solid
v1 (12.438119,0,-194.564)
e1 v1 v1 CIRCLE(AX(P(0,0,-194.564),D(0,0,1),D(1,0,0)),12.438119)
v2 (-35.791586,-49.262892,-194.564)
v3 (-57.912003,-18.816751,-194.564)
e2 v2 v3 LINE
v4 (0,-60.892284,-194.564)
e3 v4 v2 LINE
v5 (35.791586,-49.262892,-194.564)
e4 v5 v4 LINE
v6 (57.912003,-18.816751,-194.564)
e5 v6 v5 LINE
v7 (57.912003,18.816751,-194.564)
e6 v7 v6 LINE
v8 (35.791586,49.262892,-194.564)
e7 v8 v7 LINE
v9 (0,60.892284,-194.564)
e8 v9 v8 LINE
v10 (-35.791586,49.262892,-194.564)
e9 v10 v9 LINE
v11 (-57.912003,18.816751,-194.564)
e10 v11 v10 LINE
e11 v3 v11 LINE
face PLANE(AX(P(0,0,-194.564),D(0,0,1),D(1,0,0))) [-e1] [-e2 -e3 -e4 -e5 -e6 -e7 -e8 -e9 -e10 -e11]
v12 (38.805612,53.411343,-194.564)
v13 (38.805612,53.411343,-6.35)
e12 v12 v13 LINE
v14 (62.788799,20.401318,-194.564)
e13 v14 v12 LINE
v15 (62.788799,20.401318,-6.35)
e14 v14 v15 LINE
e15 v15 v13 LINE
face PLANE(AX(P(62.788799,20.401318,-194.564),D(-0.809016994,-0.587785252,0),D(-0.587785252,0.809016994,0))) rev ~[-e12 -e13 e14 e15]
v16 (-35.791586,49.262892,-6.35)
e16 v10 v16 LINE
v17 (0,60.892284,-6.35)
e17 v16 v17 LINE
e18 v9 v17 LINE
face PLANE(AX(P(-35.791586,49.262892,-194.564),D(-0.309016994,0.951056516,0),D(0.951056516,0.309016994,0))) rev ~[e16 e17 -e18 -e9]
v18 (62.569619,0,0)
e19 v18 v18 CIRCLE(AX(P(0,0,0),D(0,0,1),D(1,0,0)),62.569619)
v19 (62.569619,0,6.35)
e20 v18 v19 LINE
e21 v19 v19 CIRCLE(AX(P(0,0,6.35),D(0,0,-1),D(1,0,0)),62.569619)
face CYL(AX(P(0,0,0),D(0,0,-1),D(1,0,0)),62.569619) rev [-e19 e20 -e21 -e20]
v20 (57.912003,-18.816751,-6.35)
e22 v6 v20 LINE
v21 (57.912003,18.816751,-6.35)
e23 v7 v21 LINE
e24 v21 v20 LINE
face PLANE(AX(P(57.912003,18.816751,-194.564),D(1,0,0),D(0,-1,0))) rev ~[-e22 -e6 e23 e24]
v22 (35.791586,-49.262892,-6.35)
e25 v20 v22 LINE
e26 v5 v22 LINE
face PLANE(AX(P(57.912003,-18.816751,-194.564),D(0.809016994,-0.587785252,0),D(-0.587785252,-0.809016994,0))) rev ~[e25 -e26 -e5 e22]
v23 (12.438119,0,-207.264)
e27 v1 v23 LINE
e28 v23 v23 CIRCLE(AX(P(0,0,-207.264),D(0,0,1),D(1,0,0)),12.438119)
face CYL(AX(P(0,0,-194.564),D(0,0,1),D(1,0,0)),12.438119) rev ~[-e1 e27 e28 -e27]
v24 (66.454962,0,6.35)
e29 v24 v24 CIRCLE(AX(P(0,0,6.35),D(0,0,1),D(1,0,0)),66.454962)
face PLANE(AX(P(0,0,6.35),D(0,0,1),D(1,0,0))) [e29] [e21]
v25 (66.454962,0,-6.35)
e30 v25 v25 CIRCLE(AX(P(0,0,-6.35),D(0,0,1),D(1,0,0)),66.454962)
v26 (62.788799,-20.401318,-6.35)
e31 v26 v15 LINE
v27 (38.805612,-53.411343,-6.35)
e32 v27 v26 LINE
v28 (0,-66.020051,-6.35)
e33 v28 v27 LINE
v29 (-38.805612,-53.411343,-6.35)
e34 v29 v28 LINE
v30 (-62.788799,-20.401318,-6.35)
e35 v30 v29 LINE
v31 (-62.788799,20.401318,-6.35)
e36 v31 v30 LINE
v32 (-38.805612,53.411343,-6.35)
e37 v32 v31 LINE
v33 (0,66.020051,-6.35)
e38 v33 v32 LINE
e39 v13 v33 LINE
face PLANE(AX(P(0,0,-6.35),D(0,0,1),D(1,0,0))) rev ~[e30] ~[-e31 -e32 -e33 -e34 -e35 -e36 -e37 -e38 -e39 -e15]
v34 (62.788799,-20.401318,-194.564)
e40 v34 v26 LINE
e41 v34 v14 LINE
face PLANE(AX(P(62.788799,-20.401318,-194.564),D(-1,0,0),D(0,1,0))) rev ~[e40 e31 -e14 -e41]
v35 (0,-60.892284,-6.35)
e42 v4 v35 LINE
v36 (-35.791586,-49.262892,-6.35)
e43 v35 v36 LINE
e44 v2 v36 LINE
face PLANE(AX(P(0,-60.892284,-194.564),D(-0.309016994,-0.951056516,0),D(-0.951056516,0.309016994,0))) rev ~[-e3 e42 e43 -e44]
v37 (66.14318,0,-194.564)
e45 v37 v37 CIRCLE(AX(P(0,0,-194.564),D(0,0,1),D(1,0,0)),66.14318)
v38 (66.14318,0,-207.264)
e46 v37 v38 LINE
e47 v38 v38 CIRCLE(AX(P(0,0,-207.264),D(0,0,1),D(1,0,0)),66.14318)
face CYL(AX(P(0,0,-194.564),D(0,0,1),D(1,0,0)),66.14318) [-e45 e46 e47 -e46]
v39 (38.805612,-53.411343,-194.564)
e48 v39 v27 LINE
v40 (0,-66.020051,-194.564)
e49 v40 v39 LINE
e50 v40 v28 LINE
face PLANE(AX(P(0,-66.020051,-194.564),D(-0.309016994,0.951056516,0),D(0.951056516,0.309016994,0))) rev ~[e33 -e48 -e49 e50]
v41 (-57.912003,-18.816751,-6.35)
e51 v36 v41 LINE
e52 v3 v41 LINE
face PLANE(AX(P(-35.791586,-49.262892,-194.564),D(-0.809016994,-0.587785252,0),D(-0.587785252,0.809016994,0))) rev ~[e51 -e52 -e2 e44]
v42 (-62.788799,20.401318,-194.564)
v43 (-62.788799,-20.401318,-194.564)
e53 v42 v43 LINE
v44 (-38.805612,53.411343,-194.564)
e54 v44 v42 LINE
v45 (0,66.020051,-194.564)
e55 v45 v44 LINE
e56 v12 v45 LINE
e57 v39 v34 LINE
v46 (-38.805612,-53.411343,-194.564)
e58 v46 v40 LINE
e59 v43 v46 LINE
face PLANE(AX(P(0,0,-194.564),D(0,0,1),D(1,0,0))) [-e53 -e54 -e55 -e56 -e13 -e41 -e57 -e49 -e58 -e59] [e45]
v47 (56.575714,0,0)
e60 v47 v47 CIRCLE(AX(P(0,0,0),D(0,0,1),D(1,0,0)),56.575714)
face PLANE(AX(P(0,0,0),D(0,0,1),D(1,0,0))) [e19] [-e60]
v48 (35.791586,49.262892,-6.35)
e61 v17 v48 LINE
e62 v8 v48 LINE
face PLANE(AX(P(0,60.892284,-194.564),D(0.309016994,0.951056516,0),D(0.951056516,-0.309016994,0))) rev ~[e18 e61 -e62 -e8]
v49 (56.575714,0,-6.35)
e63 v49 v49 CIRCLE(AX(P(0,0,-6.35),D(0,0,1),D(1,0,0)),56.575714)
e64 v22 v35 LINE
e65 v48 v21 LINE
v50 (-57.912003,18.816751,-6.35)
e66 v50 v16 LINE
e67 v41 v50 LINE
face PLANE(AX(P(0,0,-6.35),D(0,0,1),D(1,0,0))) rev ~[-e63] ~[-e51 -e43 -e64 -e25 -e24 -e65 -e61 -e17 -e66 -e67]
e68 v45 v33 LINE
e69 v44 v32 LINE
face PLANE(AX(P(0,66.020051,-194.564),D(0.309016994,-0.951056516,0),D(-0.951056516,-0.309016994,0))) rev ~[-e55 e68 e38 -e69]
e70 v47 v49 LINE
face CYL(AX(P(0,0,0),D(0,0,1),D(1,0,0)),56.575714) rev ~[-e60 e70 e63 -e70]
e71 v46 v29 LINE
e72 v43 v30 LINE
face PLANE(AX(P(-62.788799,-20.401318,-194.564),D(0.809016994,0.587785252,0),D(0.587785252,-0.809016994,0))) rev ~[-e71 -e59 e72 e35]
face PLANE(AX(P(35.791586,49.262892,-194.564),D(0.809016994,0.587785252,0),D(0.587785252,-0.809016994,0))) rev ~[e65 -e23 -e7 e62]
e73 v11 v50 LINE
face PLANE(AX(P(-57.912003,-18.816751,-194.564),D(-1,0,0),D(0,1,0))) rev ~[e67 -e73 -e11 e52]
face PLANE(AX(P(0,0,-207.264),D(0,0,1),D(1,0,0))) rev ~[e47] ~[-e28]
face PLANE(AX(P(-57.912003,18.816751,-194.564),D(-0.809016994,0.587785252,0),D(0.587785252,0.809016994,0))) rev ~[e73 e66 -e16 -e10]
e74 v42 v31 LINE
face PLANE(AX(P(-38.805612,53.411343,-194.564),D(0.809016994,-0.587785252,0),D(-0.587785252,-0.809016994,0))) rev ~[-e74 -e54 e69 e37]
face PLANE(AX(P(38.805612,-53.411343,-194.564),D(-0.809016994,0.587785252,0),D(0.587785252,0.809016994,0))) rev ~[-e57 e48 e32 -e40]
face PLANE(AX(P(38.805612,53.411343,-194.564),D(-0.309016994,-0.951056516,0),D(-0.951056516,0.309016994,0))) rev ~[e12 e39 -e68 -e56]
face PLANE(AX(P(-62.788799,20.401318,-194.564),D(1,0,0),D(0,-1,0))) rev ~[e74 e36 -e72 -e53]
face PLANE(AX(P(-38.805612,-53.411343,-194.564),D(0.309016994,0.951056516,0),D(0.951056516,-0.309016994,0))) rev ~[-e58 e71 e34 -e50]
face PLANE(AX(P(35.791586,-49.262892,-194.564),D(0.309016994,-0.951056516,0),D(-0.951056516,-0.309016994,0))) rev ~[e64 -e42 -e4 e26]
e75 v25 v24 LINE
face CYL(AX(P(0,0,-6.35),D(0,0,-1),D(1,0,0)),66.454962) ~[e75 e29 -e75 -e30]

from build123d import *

# Parameters (mm, degrees)
F1_DEPTH  = 188.214
F2_R      = 66.1431803404
F3_DEPTH  = 12.7
F5_R      = 66.454962085
F6_DEPTH  = 12.7
F8_R      = 62.5696194111
F9_DEPTH  = 25.4
F10_R     = 56.575713998
F11_DEPTH = 25.4
F13_R     = 12.4381186973
F14_DEPTH = 25.4


with BuildPart() as f1:
    # F0 (on Top) → F1 (new body)
    with BuildSketch(Plane.XY):
        Polygon((62.7887994051, -20.4013176295), (62.7887994051, 20.4013176295), (38.8056121451, 53.4113429694), (0, 66.0200506797), (-38.8056121451, 53.4113429694), (-62.7887994051, 20.4013176295), (-62.7887994051, -20.4013176295), (-38.8056121451, -53.4113429694), (0, -66.0200506797), (38.8056121451, -53.4113429694), align=None)
        Polygon((35.7915863644, 49.262892377), (57.9120032489, 18.8167505039), (57.9120032489, -18.8167505039), (35.7915863644, -49.262892377), (0, -60.8922837462), (-35.7915863644, -49.262892377), (-57.9120032489, -18.8167505039), (-57.9120032489, 18.8167505039), (-35.7915863644, 49.262892377), (0, 60.8922837462), align=None, mode=Mode.SUBTRACT)
    extrude(amount=F1_DEPTH)

    # F2 (on Top) → F3 (join)
    with BuildSketch(Plane.XY):
        Circle(F2_R)
    extrude(amount=-F3_DEPTH)


with BuildPart() as f1_1:
    # F4: moved
    add(f1.part.moved(Location((0, 0, -188.214))))

    # F5 (on Top) → F6 (join)
    with BuildSketch(Plane.XY):
        Circle(F5_R)
    extrude(amount=F6_DEPTH)


with BuildPart() as f1_2:
    # F7: moved
    add(f1_1.part.moved(Location((0, 0, -6.35))))

    # F8 (on Top) → F9 (cut)
    with BuildSketch(Plane.XY):
        Circle(F8_R)
    extrude(amount=F9_DEPTH, mode=Mode.SUBTRACT)

    # F10 (on Top) → F11 (cut)
    with BuildSketch(Plane.XY):
        Circle(F10_R)
    extrude(amount=-F11_DEPTH, mode=Mode.SUBTRACT)


with BuildPart() as f1_3:
    # F12: moved
    add(f1_2.part.moved(Location((0, 0, 194.564))))

    # F13 (on Top) → F14 (cut)
    with BuildSketch(Plane.XY):
        Circle(F13_R)
    extrude(amount=-F14_DEPTH, mode=Mode.SUBTRACT)


with BuildPart() as f1_4:
    # F15: moved
    add(f1_3.part.moved(Location((0, 0, -194.564))))


solid = f1_4.part
